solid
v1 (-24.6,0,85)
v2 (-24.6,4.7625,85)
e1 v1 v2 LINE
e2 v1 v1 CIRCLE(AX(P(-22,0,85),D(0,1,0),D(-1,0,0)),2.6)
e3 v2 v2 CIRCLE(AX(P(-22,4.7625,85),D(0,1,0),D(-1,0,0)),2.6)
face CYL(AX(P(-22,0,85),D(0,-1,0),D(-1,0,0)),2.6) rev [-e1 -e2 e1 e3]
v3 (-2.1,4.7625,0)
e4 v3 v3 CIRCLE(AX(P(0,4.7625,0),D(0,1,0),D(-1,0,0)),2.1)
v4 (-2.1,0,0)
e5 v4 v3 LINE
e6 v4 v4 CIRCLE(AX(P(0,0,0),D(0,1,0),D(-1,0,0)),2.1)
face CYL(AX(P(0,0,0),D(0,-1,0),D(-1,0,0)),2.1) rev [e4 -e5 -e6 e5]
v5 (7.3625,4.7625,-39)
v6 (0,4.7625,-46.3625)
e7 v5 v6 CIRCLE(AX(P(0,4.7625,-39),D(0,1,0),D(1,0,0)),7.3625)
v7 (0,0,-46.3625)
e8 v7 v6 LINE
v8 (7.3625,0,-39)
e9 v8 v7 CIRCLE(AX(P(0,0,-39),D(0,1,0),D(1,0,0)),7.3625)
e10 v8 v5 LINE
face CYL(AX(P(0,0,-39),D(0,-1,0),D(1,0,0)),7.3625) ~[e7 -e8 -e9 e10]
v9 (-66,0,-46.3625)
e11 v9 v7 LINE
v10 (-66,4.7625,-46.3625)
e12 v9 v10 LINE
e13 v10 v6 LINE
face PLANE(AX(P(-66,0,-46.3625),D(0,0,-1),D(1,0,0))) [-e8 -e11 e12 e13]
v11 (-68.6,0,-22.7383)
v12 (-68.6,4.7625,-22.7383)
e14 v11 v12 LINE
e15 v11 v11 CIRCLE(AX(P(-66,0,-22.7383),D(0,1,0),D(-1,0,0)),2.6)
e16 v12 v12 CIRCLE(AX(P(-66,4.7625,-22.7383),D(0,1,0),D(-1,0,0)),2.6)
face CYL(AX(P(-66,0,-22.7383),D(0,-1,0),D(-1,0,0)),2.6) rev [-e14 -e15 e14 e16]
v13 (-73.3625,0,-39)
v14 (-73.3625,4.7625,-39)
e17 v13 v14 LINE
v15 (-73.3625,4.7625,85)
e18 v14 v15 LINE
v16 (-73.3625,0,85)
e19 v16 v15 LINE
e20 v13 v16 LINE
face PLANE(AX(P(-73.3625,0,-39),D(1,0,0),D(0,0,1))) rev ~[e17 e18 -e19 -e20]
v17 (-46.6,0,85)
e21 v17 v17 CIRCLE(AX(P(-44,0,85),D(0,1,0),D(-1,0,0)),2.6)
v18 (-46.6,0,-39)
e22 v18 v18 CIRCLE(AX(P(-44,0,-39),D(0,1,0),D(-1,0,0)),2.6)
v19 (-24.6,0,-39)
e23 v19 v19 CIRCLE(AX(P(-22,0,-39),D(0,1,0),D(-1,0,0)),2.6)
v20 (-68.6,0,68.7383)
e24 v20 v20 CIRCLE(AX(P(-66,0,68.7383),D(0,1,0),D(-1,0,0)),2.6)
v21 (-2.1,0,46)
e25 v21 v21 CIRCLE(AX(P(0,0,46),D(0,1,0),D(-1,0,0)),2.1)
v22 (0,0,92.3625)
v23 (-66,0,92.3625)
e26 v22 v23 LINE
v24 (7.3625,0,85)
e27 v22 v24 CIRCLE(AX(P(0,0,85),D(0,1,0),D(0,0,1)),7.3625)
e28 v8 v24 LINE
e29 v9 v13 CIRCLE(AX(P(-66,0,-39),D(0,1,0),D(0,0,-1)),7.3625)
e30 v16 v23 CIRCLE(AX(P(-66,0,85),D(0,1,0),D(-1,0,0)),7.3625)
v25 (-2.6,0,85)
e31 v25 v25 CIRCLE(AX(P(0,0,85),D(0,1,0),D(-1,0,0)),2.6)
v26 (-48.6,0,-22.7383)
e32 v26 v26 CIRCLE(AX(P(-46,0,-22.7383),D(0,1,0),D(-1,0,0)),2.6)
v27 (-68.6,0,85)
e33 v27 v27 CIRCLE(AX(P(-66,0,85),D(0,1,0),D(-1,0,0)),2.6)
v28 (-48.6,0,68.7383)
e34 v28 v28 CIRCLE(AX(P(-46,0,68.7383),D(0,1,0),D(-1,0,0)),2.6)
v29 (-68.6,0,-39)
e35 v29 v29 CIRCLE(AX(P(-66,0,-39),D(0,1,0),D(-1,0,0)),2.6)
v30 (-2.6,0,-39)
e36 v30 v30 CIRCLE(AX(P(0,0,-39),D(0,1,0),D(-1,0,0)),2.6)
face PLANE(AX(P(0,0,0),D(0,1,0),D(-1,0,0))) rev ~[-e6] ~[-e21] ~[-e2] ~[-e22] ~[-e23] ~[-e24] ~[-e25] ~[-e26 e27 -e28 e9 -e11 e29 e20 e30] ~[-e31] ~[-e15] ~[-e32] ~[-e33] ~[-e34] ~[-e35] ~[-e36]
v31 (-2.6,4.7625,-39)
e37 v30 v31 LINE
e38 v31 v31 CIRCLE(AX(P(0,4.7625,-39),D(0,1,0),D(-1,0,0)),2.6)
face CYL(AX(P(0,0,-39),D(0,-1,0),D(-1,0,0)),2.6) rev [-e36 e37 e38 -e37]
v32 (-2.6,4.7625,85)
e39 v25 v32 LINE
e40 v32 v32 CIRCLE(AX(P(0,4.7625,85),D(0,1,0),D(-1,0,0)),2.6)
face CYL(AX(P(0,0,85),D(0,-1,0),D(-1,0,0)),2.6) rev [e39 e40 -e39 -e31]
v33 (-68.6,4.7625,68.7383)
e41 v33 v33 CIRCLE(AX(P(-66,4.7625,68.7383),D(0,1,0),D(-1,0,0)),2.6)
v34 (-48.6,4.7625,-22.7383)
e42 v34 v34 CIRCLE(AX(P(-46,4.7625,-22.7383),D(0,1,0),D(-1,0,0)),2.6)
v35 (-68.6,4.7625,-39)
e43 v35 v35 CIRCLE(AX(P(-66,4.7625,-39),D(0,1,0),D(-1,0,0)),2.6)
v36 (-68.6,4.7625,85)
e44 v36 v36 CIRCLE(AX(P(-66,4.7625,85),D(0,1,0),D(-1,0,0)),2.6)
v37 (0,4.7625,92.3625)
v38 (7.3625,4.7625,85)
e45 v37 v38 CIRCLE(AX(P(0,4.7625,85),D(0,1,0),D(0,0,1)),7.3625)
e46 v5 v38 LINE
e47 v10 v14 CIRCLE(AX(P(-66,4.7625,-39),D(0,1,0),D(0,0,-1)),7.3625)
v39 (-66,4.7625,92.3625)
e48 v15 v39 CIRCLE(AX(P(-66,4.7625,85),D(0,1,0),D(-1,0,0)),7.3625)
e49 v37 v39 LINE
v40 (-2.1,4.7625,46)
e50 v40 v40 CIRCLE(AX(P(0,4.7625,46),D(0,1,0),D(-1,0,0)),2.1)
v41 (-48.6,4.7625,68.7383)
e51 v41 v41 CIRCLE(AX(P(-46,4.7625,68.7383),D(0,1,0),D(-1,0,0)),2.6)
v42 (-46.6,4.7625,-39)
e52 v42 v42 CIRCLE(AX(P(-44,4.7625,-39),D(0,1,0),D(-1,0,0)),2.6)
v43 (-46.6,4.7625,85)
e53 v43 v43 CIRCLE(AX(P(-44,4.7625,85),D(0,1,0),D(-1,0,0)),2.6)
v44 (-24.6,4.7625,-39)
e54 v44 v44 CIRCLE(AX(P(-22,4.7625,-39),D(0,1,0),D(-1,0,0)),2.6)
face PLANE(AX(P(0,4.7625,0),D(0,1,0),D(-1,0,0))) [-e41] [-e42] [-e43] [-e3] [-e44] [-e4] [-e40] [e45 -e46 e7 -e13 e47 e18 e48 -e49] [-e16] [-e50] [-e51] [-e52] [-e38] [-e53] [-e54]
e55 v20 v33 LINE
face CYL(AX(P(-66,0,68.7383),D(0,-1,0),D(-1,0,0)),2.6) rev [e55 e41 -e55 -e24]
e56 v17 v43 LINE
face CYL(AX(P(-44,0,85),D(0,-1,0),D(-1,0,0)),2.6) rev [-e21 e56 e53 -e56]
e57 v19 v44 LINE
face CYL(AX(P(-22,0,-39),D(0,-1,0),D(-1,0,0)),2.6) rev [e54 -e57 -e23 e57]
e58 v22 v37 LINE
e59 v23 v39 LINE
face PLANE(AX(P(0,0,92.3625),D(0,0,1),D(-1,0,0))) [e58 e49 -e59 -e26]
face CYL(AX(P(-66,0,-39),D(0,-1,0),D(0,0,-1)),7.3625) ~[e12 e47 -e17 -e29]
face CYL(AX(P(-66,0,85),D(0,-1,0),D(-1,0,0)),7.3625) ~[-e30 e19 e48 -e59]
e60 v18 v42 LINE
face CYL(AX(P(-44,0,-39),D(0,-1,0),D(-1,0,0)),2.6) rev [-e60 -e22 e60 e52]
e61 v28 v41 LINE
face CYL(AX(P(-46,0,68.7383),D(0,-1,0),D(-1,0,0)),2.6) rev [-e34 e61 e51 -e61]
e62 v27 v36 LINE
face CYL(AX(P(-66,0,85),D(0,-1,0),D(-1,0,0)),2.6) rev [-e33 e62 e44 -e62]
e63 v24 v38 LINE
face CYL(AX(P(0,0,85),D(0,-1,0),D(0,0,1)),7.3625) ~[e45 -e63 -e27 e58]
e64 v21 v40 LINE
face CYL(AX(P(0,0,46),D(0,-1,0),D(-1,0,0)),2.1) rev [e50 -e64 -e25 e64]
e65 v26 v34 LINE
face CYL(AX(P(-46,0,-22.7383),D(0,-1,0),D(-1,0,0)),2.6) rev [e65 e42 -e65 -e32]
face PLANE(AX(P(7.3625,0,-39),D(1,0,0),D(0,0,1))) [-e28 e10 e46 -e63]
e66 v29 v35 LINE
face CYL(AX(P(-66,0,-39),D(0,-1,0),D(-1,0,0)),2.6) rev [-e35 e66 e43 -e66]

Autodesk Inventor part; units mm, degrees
ref_plane "YZ Plane" through (0, 0, 0) normal (1, 0, 0) x (0, 1, 0)
ref_plane "XZ Plane" through (0, 0, 0) normal (0, 1, 0) x (-1, 0, 0)
ref_plane "XY Plane" through (0, 0, 0) normal (0, 0, 1) x (1, 0, 0)
sketch "Sketch1" plane through (0, 0, 0) normal (0, 1, 0) x (-1, 0, 0)
  circle A0 centre (0, 0) radius 2.1
  circle A1 centre (0, 46) radius 2.1
  circle A2 centre (0, -39) radius 2.6
  circle A3 centre (66, -39) radius 2.6
  circle A4 centre (46, -22.7383) radius 2.6
  circle A5 centre (66, -22.7383) radius 2.6
  circle A6 centre (44, -39) radius 2.6
  circle A7 centre (22, -39) radius 2.6
  line L0 (0, 23) -> (66, 23) construction
  circle A8 centre (0, 85) radius 2.6
  circle A9 centre (66, 85) radius 2.6
  circle A10 centre (46, 68.7383) radius 2.6
  circle A11 centre (66, 68.7383) radius 2.6
  circle A12 centre (44, 85) radius 2.6
  circle A13 centre (22, 85) radius 2.6
  circle A14 centre (66, -39) radius 7.3625 construction
  circle A15 centre (66, 85) radius 7.3625 construction
  circle A16 centre (0, 85) radius 7.3625 construction
  circle A17 centre (0, -39) radius 7.3625 construction
  line L1 (73.3625, -39) -> (73.3625, 85)
  line L2 (66, -46.3625) -> (0, -46.3625)
  line L3 (-7.3625, -39) -> (-7.3625, 85)
  line L4 (0, 92.3625) -> (66, 92.3625)
  arc A18 (66, -46.3625) -> (73.3625, -39) centre (66, -39) ccw
  arc A19 (-7.3625, -39) -> (0, -46.3625) centre (0, -39) ccw
  arc A20 (0, 92.3625) -> (-7.3625, 85) centre (0, 85) ccw
  arc A21 (73.3625, 85) -> (66, 92.3625) centre (66, 85) ccw
  dimension "d0" = 4.2
  dimension "d1" = 46
  dimension "d2" = 39
  dimension "d3" = 66
  dimension "d4" = 20
  dimension "d6" = 22
  dimension "d7" = 22
  dimension "d8" = 23
  dimension "d9" = 4.7625
  dimension "d12" = 91.4766
  dimension "d13" = 5.2
extrude "Extrusion1" add sketch "Sketch1" along normal blind 4.7625
equation "\"d6\" = 0.333333 * d3"
equation "\"d7\" = d6"
equation "\"d8\" = 0.5 * d1"
properties part number "CNC-016-SpindleMountPlate" material "Aluminum 6061"
